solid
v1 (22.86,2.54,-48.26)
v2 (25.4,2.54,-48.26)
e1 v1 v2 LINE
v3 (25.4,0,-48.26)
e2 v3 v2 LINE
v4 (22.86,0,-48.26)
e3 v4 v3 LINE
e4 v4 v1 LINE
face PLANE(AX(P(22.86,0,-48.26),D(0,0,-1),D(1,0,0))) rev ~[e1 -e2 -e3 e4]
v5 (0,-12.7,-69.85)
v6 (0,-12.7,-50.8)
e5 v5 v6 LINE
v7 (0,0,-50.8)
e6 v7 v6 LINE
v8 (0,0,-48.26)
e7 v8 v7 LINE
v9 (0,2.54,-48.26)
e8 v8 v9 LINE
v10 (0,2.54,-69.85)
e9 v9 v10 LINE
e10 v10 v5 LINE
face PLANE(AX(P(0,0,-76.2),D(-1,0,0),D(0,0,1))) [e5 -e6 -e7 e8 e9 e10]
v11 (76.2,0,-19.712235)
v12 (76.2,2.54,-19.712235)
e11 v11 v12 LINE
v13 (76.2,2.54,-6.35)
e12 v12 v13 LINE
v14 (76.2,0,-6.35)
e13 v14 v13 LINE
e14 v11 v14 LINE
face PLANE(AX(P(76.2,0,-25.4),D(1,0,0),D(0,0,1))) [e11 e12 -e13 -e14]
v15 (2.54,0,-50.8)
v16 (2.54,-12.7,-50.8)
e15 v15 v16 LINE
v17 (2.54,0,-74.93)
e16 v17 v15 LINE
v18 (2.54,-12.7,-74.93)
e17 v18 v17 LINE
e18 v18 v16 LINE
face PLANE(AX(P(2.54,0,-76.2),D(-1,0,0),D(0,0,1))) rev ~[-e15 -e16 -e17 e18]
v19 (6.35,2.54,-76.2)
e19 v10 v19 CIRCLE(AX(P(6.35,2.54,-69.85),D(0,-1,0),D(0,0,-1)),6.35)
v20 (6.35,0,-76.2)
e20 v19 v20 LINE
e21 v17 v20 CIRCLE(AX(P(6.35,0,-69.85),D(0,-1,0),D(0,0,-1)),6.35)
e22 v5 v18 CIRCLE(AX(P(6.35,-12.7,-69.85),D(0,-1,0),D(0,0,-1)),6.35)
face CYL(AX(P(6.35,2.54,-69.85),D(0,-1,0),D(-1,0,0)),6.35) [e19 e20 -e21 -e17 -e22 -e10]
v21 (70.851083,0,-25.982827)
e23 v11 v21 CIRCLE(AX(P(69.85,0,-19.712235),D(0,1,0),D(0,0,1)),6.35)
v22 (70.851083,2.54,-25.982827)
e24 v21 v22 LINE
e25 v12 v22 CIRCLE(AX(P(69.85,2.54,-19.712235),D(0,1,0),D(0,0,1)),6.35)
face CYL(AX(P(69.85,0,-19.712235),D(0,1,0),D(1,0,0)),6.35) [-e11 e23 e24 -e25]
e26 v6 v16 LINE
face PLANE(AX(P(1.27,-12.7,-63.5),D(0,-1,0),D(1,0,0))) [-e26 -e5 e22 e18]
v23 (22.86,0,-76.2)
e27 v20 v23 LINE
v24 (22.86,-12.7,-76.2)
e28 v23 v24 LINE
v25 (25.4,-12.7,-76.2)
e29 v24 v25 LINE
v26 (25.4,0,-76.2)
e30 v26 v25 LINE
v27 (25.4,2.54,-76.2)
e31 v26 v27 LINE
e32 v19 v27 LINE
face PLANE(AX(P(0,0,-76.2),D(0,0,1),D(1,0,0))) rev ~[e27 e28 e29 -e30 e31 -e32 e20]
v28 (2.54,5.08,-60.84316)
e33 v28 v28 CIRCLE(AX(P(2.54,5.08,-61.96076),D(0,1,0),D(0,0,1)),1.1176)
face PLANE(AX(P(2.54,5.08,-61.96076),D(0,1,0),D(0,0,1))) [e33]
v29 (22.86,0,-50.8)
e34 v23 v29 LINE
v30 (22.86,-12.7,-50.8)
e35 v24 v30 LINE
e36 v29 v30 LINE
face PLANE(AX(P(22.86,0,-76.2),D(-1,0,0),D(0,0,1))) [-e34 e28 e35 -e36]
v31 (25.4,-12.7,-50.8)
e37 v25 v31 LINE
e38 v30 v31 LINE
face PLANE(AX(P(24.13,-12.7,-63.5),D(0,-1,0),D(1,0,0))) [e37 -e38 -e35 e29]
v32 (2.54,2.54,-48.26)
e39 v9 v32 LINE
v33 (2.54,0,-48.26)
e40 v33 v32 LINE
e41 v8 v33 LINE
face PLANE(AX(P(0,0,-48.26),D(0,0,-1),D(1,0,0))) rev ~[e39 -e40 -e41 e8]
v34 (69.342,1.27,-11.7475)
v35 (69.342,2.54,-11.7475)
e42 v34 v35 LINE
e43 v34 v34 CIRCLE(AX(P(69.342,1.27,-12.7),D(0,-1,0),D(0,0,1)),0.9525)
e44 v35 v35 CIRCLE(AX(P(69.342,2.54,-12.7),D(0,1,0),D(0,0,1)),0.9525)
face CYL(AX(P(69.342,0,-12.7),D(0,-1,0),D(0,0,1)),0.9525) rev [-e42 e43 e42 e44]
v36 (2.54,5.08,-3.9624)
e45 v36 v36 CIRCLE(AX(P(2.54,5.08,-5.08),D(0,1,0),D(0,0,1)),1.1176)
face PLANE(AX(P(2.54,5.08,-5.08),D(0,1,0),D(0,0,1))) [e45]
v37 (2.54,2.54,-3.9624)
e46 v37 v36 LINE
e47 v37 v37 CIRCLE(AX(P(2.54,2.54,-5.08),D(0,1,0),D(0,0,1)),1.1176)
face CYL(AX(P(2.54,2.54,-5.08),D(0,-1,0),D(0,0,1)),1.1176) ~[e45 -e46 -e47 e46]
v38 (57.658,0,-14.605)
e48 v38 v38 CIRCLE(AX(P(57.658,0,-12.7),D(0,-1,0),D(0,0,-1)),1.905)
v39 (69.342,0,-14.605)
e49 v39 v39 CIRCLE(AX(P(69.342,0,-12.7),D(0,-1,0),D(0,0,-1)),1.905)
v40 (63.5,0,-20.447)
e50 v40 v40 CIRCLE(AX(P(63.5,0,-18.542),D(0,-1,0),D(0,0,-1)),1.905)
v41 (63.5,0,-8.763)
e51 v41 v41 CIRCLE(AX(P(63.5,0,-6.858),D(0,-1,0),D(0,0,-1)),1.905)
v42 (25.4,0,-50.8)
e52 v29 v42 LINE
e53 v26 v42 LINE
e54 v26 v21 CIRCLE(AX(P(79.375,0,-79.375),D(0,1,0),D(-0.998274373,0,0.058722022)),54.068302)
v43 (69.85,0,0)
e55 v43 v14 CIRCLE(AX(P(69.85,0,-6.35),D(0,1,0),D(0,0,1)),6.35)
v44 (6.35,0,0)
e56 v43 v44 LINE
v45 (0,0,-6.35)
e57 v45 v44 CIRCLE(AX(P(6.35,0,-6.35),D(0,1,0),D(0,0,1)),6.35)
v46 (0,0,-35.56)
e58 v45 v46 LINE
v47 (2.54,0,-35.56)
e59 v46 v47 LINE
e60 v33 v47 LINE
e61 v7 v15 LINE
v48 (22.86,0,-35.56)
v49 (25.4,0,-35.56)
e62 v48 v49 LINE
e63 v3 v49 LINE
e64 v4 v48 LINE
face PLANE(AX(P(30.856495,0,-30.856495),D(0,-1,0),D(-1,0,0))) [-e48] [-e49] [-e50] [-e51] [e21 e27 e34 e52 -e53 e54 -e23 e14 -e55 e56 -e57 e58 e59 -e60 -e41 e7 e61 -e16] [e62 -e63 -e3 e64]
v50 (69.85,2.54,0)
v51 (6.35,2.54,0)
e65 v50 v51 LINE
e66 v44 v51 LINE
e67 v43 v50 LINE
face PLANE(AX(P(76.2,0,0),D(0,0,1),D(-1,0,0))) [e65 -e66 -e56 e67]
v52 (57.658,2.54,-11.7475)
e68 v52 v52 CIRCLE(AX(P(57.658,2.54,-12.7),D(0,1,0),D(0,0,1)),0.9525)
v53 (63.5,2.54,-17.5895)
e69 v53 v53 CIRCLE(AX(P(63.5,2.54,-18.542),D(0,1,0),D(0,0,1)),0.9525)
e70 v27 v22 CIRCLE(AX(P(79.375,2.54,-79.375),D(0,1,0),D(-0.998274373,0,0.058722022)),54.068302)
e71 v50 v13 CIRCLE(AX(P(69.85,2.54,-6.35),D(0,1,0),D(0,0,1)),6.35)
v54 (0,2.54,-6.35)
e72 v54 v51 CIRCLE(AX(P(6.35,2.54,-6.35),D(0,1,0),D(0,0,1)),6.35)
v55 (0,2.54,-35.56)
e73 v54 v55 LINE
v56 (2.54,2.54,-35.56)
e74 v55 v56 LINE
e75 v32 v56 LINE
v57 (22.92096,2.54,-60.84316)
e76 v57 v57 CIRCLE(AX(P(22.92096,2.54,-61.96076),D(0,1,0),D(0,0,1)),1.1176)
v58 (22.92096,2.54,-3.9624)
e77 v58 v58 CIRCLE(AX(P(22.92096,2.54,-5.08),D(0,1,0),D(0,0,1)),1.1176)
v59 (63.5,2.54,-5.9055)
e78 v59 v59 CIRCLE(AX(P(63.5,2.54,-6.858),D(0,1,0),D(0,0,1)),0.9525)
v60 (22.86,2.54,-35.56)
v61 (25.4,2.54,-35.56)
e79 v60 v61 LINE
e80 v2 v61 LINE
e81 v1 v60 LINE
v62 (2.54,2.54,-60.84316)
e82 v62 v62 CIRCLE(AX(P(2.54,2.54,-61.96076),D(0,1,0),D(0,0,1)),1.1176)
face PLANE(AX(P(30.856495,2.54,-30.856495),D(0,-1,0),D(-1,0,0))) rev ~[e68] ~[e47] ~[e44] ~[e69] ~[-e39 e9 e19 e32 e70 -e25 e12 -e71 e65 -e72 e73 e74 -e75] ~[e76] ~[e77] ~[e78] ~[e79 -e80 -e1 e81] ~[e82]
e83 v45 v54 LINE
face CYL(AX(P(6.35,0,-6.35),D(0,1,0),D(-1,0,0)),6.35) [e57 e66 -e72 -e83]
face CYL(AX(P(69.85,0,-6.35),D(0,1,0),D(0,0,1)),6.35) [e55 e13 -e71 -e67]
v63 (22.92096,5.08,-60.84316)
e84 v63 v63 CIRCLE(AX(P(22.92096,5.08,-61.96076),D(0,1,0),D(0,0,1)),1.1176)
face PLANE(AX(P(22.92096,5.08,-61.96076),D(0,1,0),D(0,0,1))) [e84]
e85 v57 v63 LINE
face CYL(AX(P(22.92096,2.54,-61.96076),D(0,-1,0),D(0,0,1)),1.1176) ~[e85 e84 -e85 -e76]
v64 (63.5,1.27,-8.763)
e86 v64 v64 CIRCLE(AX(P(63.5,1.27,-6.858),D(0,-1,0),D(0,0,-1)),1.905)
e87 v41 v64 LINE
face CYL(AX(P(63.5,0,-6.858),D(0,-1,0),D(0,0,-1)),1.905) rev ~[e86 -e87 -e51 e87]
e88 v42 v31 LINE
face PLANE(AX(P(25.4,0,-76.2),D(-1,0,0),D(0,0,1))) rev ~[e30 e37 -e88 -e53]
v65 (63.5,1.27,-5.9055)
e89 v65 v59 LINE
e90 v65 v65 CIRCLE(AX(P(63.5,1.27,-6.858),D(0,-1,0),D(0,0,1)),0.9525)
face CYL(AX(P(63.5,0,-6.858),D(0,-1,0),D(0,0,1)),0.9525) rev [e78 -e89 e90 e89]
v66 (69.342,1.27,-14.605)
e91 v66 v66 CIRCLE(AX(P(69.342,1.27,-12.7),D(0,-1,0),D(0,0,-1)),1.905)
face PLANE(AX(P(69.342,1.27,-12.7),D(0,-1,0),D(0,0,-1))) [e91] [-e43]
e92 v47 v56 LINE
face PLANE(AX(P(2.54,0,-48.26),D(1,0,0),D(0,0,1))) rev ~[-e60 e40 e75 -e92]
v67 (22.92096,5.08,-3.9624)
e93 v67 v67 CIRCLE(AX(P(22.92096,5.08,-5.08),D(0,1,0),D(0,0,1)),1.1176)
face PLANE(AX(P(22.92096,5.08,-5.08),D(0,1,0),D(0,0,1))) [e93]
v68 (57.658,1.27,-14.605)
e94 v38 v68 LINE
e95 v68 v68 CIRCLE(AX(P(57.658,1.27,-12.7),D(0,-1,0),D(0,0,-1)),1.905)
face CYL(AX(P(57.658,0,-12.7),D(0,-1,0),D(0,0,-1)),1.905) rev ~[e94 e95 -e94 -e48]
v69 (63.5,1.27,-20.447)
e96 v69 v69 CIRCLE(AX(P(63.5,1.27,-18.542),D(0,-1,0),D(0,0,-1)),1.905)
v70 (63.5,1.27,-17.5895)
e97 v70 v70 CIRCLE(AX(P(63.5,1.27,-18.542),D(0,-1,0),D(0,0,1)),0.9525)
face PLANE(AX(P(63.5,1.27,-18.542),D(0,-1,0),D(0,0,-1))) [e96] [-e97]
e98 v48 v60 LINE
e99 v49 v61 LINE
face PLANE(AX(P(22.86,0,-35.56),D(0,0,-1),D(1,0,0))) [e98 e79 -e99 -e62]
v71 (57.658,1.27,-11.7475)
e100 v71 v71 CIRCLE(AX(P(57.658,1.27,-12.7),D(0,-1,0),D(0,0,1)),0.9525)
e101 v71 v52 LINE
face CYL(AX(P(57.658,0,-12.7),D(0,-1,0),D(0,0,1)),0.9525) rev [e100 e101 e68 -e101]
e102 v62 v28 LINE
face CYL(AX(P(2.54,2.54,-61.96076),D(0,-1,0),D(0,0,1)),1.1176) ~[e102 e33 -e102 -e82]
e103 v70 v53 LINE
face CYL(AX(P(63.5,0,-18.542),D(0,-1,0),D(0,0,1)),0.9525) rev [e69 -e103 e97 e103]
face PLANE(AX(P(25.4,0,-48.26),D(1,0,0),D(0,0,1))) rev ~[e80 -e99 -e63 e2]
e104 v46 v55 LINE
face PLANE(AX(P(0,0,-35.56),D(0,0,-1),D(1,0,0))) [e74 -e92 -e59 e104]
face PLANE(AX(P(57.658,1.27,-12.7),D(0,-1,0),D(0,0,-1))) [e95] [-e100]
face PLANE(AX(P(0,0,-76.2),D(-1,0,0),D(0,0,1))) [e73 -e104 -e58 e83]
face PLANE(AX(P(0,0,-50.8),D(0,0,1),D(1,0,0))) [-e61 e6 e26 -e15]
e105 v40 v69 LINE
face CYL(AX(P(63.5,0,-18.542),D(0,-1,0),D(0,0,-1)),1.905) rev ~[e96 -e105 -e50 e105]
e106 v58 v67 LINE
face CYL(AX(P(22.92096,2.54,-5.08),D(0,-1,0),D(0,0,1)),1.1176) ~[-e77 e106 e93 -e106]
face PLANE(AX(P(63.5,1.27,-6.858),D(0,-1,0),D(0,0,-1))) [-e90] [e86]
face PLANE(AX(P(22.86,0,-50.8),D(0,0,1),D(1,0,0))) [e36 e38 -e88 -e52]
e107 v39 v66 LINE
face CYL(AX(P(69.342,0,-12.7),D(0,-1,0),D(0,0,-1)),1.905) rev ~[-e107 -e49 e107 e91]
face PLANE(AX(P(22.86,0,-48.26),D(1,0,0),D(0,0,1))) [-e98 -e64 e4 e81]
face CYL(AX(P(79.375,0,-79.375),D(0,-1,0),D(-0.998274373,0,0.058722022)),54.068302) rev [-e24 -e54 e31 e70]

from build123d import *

# Parameters (mm, degrees)
SKETCH1_R           = 0.9525
BOSS_EXTRUDE1_DEPTH = 2.54
SKETCH2_W           = 2.54
SKETCH2_H           = 25.4
BOSS_EXTRUDE2_DEPTH = 12.7
FILLET2_R           = 6.35
FILLET3_R           = 6.35
FILLET4_R           = 6.35
FILLET5_R           = 6.35
SKETCH3_R           = 1.905
CUT_EXTRUDE1_DEPTH  = 1.27
SKETCH4_W           = 2.54
SKETCH4_H           = 12.7
CUT_EXTRUDE2_DEPTH  = 109.508847566
SKETCH5_R           = 1.1176
BOSS_EXTRUDE3_DEPTH = 2.54


with BuildPart() as part:
    # Sketch1 → Boss-Extrude1 (new body)
    with BuildSketch(Plane(origin=(0, 0, 0), x_dir=(1, 0, 0), z_dir=(0, 1, 0))):
        with BuildLine():
            Line((0, 0), (0, 76.2))
            Line((0, 76.2), (25.4, 76.2))
            ThreePointArc((25.4, 76.2), (41.142937212, 41.142937212), (76.2, 25.4))
            Line((76.2, 25.4), (76.2, 0))
            Line((76.2, 0), (0, 0))
        make_face()
        with Locations(Location((63.5, 6.858, 0), (0, 0, 270))):
            Circle(SKETCH1_R, mode=Mode.SUBTRACT)
        with Locations(Location((57.658, 12.7, 0), (0, 0, 270))):
            Circle(SKETCH1_R, mode=Mode.SUBTRACT)
        with Locations(Location((63.5, 18.542, 0), (0, 0, 270))):
            Circle(SKETCH1_R, mode=Mode.SUBTRACT)
        with Locations(Location((69.342, 12.7, 0), (0, 0, 270))):
            Circle(SKETCH1_R, mode=Mode.SUBTRACT)
    extrude(amount=BOSS_EXTRUDE1_DEPTH)

    # Sketch2 → Boss-Extrude2 (add)
    with BuildSketch(Plane.XZ):
        with Locations((1.27, -63.5)):
            Rectangle(SKETCH2_W, SKETCH2_H)
        with Locations((24.13, -63.5)):
            Rectangle(SKETCH2_W, SKETCH2_H)
    extrude(amount=BOSS_EXTRUDE2_DEPTH)

    # Fillet2
    fillet2_edges = [part.edges().sort_by_distance(p)[0] for p in [
        (0, -5.08, -76.2),
    ]]
    fillet(fillet2_edges, radius=FILLET2_R)

    # Fillet3
    fillet3_edges = [part.edges().sort_by_distance(p)[0] for p in [
        (0, 1.27, 0),
    ]]
    fillet(fillet3_edges, radius=FILLET3_R)

    # Fillet4
    fillet4_edges = [part.edges().sort_by_distance(p)[0] for p in [
        (76.2, 1.27, 0),
    ]]
    fillet(fillet4_edges, radius=FILLET4_R)

    # Fillet5
    fillet5_edges = [part.edges().sort_by_distance(p)[0] for p in [
        (76.2, 1.27, -25.4),
    ]]
    fillet(fillet5_edges, radius=FILLET5_R)

    # Sketch3 → Cut-Extrude1 (cut)
    with BuildSketch(Plane.XZ):
        with Locations(Location((63.5, -6.858, 0), (0, 0, 270))):
            Circle(SKETCH3_R)
        with Locations(Location((69.342, -12.7, 0), (0, 0, 270))):
            Circle(SKETCH3_R)
        with Locations(Location((57.658, -12.7, 0), (0, 0, 270))):
            Circle(SKETCH3_R)
        with Locations(Location((63.5, -18.542, 0), (0, 0, 270))):
            Circle(SKETCH3_R)
    extrude(amount=-CUT_EXTRUDE1_DEPTH, mode=Mode.SUBTRACT)

    # Sketch4 → Cut-Extrude2 (cut, through all)
    with BuildSketch(Plane.XZ):
        with Locations((24.13, -41.91)):
            Rectangle(SKETCH4_W, SKETCH4_H)
        with Locations((1.27, -41.91)):
            Rectangle(SKETCH4_W, SKETCH4_H)
    extrude(amount=-CUT_EXTRUDE2_DEPTH, mode=Mode.SUBTRACT)

    # Sketch5 → Boss-Extrude3 (add)
    with BuildSketch(Plane(origin=(0, 2.54, 0), x_dir=(1, 0, 0), z_dir=(0, 1, 0))):
        with Locations(Location((2.54, 5.08, 0), (0, 0, 270))):
            Circle(SKETCH5_R)
        with Locations(Location((2.54, 61.96076, 0), (0, 0, 270))):
            Circle(SKETCH5_R)
        with Locations(Location((22.92096, 61.96076, 0), (0, 0, 270))):
            Circle(SKETCH5_R)
        with Locations(Location((22.92096, 5.08, 0), (0, 0, 270))):
            Circle(SKETCH5_R)
    extrude(amount=BOSS_EXTRUDE3_DEPTH)


solid = part.part
